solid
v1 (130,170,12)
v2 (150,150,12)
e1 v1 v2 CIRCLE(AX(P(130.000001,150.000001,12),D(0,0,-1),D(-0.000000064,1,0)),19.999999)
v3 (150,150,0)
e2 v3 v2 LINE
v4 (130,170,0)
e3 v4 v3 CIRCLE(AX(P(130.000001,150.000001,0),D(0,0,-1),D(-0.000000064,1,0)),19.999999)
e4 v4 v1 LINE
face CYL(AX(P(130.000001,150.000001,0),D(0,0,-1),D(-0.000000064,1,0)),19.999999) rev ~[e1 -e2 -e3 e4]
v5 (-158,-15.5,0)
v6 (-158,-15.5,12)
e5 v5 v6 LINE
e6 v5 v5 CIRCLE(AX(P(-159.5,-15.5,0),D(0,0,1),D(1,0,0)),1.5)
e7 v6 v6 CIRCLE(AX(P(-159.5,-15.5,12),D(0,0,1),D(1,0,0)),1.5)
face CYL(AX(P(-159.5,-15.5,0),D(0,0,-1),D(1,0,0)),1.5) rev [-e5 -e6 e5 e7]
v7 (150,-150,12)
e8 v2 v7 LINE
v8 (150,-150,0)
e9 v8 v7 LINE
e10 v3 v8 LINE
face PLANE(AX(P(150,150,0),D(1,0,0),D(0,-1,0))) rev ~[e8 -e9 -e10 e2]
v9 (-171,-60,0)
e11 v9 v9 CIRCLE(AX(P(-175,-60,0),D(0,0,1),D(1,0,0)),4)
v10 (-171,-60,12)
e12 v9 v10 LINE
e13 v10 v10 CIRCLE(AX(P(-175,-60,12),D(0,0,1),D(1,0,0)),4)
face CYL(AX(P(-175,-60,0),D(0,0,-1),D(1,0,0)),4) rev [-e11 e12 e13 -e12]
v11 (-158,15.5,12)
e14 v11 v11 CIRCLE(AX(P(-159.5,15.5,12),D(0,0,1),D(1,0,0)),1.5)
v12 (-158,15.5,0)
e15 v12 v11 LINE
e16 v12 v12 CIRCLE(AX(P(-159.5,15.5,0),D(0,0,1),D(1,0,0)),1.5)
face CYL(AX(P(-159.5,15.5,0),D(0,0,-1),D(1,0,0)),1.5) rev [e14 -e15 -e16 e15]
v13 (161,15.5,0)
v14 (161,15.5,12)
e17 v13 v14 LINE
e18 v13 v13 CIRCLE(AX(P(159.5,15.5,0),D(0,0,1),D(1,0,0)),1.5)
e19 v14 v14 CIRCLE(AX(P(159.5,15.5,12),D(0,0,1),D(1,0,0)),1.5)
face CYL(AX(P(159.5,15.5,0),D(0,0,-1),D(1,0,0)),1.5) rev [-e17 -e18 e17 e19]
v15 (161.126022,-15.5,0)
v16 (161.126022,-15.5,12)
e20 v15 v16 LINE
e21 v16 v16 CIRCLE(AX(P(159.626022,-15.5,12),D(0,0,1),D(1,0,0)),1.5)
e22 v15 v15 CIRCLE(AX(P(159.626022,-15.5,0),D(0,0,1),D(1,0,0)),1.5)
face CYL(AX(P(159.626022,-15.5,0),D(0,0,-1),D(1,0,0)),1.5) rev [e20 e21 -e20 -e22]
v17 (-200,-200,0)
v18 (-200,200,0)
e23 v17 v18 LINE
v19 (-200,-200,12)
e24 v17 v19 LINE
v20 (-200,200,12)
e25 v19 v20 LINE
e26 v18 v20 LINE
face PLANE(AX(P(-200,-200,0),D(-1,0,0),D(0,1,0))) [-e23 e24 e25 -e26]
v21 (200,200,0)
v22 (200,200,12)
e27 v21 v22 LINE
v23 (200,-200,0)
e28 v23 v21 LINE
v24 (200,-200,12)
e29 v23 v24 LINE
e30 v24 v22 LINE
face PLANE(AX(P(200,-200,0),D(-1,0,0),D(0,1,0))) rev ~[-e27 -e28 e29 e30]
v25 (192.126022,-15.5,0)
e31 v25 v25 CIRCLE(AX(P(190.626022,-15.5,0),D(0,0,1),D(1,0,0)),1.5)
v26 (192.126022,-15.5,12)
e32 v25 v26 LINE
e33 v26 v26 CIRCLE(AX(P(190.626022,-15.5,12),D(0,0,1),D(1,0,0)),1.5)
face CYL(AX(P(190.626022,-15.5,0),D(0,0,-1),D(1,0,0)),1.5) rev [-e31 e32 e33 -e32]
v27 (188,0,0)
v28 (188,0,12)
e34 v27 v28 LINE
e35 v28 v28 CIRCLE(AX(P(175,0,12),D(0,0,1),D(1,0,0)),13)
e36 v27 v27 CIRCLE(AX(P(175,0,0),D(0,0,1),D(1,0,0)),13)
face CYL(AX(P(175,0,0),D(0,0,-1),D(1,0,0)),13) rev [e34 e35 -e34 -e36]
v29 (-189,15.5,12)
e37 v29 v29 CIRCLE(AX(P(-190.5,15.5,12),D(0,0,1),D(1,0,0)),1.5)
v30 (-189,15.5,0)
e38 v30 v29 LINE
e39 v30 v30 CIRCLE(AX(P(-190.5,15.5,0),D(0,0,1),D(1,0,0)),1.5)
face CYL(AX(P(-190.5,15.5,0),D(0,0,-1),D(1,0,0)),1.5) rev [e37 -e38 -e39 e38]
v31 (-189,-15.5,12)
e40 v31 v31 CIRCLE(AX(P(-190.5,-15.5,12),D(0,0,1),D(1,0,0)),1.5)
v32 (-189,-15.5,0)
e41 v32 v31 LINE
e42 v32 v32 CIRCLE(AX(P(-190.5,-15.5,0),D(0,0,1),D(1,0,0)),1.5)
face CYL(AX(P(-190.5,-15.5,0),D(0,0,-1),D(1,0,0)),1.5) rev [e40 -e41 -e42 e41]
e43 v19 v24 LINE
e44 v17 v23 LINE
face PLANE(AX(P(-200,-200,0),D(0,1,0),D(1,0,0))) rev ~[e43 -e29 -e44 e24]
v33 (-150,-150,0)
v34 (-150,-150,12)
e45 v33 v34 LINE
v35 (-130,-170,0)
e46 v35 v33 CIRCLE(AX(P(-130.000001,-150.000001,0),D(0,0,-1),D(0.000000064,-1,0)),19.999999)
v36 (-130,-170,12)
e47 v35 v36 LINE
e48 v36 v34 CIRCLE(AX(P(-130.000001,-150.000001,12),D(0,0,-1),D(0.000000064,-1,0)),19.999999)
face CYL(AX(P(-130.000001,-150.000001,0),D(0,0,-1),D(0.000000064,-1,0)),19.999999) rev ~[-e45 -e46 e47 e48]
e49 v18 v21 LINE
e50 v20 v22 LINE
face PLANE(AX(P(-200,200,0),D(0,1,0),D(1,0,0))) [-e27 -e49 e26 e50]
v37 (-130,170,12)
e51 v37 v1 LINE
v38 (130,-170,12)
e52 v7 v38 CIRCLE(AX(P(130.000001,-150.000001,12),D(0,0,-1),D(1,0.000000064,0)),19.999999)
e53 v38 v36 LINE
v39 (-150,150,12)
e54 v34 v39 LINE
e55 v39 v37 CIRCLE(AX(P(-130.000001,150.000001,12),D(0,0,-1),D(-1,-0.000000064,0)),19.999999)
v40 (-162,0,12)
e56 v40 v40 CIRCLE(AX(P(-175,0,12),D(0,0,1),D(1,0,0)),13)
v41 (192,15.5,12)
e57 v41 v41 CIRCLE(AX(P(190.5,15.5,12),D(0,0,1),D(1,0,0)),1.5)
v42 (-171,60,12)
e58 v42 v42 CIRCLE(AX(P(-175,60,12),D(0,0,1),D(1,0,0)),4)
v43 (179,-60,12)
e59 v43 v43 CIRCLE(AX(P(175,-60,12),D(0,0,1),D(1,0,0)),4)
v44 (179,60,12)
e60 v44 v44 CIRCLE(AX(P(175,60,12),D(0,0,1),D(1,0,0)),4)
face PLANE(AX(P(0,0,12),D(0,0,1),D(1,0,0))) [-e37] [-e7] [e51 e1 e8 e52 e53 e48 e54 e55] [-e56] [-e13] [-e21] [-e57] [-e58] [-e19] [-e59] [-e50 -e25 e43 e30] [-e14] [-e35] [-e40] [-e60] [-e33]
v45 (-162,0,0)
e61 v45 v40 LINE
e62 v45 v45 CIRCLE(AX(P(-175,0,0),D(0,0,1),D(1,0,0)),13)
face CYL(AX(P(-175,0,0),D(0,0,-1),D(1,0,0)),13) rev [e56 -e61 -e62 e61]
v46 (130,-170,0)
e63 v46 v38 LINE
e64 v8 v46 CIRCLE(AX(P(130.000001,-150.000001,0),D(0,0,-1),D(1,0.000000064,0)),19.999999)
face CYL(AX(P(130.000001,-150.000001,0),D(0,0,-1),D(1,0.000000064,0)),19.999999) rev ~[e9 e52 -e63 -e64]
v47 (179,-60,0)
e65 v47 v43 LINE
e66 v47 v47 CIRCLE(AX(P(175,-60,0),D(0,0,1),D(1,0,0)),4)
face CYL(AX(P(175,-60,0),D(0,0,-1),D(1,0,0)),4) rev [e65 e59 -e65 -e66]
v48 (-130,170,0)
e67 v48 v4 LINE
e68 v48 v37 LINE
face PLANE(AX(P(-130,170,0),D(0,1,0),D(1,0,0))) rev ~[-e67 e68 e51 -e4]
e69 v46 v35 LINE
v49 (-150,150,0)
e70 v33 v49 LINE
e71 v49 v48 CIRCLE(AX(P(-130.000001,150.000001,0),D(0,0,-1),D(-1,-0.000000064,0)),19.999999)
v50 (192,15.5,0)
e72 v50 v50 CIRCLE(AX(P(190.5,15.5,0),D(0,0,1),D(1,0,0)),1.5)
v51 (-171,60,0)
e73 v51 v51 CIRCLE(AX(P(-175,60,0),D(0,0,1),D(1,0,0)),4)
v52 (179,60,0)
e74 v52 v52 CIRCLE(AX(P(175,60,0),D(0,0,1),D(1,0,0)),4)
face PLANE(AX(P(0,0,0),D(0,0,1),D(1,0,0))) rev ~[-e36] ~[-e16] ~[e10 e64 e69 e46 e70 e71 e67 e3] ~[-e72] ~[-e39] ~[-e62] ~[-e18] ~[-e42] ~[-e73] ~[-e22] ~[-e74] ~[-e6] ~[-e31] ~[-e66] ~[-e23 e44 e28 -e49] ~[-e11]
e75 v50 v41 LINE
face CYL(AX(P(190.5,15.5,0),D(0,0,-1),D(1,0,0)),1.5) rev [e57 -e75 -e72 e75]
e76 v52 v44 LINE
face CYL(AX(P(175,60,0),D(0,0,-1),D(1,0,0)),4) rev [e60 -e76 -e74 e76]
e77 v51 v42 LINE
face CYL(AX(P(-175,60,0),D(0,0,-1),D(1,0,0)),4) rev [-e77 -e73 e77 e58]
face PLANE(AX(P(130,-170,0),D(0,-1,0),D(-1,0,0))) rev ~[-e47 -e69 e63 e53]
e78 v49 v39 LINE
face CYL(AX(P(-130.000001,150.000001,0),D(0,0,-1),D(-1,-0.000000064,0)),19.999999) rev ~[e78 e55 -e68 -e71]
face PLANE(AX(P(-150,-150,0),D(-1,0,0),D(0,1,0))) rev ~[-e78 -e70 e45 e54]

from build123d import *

# Parameters (mm, degrees)
F0_W     = 400
F0_H     = 400
F0_R     = 4
F0_R_2   = 1.5
F0_R_3   = 13
F1_DEPTH = 12


with BuildPart() as f1:
    # F0 (on Top) → F1 (new body)
    with BuildSketch(Plane.XY):
        Rectangle(F0_W, F0_H)
        with Locations((-175, -60)):
            Circle(F0_R, mode=Mode.SUBTRACT)
        with Locations((-190.5, -15.5)):
            Circle(F0_R_2, mode=Mode.SUBTRACT)
        with Locations((-159.5, -15.5)):
            Circle(F0_R_2, mode=Mode.SUBTRACT)
        with Locations((175, -60)):
            Circle(F0_R, mode=Mode.SUBTRACT)
        with Locations((159.626022, -15.5)):
            Circle(F0_R_2, mode=Mode.SUBTRACT)
        with Locations((190.626022, -15.5)):
            Circle(F0_R_2, mode=Mode.SUBTRACT)
        with Locations((-190.5, 15.5)):
            Circle(F0_R_2, mode=Mode.SUBTRACT)
        with Locations((-175, 0)):
            Circle(F0_R_3, mode=Mode.SUBTRACT)
        with Locations((-159.5, 15.5)):
            Circle(F0_R_2, mode=Mode.SUBTRACT)
        with Locations((-175, 60)):
            Circle(F0_R, mode=Mode.SUBTRACT)
        with BuildLine():
            Line((-130, 170), (130, 170))
            ThreePointArc((130, 170), (144.142136, 164.142136), (150, 150))
            Line((150, 150), (150, -150))
            ThreePointArc((150, -150), (144.142136, -164.142136), (130, -170))
            Line((130, -170), (-130, -170))
            ThreePointArc((-130, -170), (-144.142136, -164.142136), (-150, -150))
            Line((-150, -150), (-150, 150))
            ThreePointArc((-150, 150), (-144.142136, 164.142136), (-130, 170))
        make_face(mode=Mode.SUBTRACT)
        with Locations((159.5, 15.5)):
            Circle(F0_R_2, mode=Mode.SUBTRACT)
        with Locations((175, 0)):
            Circle(F0_R_3, mode=Mode.SUBTRACT)
        with Locations((190.5, 15.5)):
            Circle(F0_R_2, mode=Mode.SUBTRACT)
        with Locations((175, 60)):
            Circle(F0_R, mode=Mode.SUBTRACT)
    extrude(amount=F1_DEPTH)


solid = f1.part
